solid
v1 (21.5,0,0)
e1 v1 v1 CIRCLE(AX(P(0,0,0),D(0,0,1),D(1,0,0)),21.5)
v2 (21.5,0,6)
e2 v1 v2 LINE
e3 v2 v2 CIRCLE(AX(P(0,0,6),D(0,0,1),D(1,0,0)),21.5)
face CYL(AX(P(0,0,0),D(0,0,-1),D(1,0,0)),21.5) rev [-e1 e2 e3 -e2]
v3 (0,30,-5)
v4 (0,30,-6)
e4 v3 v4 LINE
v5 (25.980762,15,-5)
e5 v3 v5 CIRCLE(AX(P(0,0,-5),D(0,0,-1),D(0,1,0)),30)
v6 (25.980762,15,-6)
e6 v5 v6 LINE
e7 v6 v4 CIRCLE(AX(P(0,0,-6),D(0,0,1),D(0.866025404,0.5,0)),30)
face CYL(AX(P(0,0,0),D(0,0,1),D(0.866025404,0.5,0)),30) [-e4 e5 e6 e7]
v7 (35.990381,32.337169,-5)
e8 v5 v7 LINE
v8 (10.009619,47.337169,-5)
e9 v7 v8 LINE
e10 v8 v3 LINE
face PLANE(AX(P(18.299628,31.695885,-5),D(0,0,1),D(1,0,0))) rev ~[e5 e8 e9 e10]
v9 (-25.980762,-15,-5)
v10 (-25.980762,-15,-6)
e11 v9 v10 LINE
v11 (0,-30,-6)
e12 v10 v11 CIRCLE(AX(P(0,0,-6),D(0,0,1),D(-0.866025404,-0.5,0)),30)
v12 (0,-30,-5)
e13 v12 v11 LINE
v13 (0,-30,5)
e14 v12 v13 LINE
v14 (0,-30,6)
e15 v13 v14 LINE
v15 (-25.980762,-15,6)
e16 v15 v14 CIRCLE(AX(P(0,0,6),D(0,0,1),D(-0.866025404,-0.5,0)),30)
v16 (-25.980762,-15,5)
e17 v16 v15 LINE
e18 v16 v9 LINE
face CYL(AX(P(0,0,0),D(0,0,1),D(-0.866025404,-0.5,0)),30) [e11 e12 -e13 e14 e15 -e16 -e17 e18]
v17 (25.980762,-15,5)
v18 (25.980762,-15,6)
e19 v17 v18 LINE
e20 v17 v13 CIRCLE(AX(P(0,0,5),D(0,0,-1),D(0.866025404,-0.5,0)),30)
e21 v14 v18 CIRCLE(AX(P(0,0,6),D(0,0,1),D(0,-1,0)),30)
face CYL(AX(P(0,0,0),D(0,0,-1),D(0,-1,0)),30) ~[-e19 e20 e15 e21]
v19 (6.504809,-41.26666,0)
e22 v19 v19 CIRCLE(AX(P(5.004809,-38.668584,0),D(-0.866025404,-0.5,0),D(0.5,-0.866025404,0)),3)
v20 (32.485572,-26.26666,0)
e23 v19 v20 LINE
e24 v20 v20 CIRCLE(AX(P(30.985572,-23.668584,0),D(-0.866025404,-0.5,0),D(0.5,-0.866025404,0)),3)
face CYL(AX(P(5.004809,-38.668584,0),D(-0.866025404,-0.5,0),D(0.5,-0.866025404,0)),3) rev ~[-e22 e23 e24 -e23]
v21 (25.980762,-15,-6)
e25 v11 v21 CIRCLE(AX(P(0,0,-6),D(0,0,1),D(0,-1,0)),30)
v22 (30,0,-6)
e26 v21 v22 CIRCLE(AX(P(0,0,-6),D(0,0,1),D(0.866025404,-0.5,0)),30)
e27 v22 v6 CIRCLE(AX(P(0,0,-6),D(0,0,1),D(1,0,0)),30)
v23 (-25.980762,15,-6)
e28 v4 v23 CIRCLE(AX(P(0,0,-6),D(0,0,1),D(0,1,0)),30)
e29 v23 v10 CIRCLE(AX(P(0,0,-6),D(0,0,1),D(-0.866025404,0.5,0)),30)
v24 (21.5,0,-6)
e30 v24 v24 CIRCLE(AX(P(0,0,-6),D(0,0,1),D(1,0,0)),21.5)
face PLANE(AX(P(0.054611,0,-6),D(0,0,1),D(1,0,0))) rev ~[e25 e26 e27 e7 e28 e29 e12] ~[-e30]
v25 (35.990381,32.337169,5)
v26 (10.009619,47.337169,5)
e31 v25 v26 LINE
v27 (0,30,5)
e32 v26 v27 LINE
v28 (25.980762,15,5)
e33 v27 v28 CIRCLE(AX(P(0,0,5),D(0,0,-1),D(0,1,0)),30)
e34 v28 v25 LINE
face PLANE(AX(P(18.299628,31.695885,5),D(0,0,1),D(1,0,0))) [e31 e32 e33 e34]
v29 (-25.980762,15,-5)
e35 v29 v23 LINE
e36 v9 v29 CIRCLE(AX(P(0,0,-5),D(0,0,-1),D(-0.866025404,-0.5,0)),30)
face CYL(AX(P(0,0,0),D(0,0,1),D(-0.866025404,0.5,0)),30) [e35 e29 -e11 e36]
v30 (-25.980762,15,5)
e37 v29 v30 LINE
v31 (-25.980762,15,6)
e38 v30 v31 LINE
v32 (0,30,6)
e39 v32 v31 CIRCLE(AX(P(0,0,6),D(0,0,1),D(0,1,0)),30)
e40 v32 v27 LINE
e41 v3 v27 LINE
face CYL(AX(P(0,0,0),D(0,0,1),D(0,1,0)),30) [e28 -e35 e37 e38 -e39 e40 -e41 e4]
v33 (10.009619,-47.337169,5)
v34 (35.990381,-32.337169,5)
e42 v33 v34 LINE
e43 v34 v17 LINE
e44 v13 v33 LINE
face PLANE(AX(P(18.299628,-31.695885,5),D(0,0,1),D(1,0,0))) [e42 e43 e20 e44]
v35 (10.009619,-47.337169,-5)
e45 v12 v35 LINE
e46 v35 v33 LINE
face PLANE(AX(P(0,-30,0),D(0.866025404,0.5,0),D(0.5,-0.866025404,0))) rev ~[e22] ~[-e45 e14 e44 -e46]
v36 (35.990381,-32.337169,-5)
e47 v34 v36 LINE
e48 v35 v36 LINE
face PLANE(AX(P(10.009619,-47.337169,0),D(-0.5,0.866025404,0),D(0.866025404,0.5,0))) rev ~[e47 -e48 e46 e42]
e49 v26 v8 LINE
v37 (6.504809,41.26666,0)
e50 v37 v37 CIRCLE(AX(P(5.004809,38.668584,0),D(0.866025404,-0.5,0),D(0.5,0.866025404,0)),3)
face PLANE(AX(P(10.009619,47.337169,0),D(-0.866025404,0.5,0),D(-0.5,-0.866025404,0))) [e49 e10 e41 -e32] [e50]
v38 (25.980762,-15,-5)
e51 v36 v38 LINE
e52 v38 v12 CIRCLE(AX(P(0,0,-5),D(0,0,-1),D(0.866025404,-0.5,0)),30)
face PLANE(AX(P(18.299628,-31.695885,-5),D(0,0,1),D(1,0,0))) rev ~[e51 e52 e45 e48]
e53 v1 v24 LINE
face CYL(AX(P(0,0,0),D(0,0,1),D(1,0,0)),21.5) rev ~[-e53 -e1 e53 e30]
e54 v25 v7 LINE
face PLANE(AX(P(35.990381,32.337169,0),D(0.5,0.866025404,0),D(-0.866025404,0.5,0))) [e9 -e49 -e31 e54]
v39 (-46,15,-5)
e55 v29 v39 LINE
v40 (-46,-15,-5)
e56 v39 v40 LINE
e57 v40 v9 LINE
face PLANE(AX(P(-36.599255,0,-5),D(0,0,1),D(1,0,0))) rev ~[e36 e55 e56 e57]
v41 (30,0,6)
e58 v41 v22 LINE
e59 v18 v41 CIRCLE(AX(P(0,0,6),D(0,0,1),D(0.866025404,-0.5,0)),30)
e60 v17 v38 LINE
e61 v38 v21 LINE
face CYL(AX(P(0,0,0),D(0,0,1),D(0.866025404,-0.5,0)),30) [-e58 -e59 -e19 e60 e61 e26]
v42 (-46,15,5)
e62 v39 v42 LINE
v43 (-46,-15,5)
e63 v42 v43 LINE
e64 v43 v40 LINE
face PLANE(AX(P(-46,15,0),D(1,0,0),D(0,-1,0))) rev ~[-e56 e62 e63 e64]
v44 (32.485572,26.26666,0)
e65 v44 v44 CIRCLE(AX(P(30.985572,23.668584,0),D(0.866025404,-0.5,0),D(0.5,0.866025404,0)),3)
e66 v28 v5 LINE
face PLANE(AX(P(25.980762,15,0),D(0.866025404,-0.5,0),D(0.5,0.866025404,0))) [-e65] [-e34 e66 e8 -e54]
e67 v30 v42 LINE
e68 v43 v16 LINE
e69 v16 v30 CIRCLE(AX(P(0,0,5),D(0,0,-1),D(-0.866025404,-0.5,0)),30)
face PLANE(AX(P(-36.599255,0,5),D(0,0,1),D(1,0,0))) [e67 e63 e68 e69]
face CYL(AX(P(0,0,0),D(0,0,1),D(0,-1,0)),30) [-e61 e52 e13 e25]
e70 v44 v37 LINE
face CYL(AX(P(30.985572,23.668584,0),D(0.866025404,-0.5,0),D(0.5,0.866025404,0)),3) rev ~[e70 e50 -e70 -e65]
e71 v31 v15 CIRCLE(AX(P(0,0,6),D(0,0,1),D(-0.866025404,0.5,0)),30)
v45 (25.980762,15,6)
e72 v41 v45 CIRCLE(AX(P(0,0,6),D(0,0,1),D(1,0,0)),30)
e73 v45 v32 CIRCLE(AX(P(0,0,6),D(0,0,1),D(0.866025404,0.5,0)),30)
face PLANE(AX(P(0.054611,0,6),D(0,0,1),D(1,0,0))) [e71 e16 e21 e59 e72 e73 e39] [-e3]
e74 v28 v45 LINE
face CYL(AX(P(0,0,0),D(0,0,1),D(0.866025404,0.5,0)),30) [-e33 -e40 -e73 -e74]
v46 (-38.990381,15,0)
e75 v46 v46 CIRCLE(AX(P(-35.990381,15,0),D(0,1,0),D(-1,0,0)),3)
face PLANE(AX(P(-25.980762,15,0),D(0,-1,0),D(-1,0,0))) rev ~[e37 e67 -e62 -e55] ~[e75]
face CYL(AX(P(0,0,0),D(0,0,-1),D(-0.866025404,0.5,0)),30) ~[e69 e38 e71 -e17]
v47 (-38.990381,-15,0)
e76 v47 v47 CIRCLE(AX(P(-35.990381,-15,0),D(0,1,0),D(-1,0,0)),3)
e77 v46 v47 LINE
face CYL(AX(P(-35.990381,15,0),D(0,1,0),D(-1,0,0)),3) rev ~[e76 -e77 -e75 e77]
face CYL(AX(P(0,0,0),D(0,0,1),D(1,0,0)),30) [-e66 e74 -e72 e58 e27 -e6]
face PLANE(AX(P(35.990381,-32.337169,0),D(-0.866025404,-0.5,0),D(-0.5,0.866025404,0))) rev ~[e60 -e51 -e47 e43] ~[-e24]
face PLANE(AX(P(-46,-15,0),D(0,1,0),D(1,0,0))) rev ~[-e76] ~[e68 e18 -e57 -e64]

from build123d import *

# Parameters (mm, degrees)
F0_R     = 21.5
F1_DEPTH = 6
F2_DEPTH = 5
F3_R     = 3
F6_DEPTH = 62.3381685741
F4_R     = 3
F7_DEPTH = 78.5067528611
F5_R     = 3
F8_DEPTH = 69.8381685741


with BuildPart() as f1:
    # F0 (on Top) → F1 (new body, symmetric)
    with BuildSketch(Plane.XY):
        with BuildLine():
            ThreePointArc((0, 30), (-15, 25.9807621135), (-25.9807621135, 15))
            ThreePointArc((-25.9807621135, 15), (-30, 0), (-25.9807621135, -15))
            ThreePointArc((-25.9807621135, -15), (-15, -25.9807621135), (0, -30))
            ThreePointArc((0, -30), (15, -25.9807621135), (25.9807621135, -15))
            ThreePointArc((25.9807621135, -15), (28.9777747887, -7.7645713531), (30, 0))
            ThreePointArc((30, 0), (28.9777747887, 7.7645713531), (25.9807621135, 15))
            ThreePointArc((25.9807621135, 15), (15, 25.9807621135), (0, 30))
        make_face()
        Circle(F0_R, mode=Mode.SUBTRACT)
    extrude(amount=F1_DEPTH, both=True)

    # F0 (on Top) → F2 (join, symmetric)
    with BuildSketch(Plane.XY):
        with BuildLine():
            ThreePointArc((-25.9807621135, -15), (-30, 0), (-25.9807621135, 15))
            Line((-25.9807621135, 15), (-46, 15))
            Line((-46, 15), (-46, -15))
            Line((-46, -15), (-25.9807621135, -15))
        make_face()
        with BuildLine():
            ThreePointArc((25.9807621135, -15), (15, -25.9807621135), (0, -30))
            Line((0, -30), (10.0096189432, -47.3371685741))
            Line((10.0096189432, -47.3371685741), (35.9903810568, -32.3371685741))
            Line((35.9903810568, -32.3371685741), (25.9807621135, -15))
        make_face()
        with BuildLine():
            Line((10.0096189432, 47.3371685741), (0, 30))
            ThreePointArc((0, 30), (15, 25.9807621135), (25.9807621135, 15))
            Line((25.9807621135, 15), (35.9903810568, 32.3371685741))
            Line((35.9903810568, 32.3371685741), (10.0096189432, 47.3371685741))
        make_face()
    extrude(amount=F2_DEPTH, both=True)

    # F3 (on face) → F6 (cut, through all)
    with BuildSketch(Plane(origin=(0, 15, 0), x_dir=(-1, 0, 0), z_dir=(0, 1, 0))):
        with Locations((35.9903810568, 0)):
            Circle(F3_R)
    extrude(amount=-F6_DEPTH, mode=Mode.SUBTRACT)

    # F4 (on face) → F7 (cut, through all)
    with BuildSketch(Plane(origin=(12.9903810568, -7.5, 0), x_dir=(0.5, 0.8660254038, 0), z_dir=(0.8660254038, -0.5, 0))):
        with Locations((35.9903810568, 0)):
            Circle(F4_R)
    extrude(amount=-F7_DEPTH, mode=Mode.SUBTRACT)

    # F5 (on face) → F8 (cut, through all)
    with BuildSketch(Plane(origin=(-12.9903810568, -7.5, 0), x_dir=(0.5, -0.8660254038, 0), z_dir=(-0.8660254038, -0.5, 0))):
        with Locations((35.9903810568, 0)):
            Circle(F5_R)
    extrude(amount=-F8_DEPTH, mode=Mode.SUBTRACT)


solid = f1.part
